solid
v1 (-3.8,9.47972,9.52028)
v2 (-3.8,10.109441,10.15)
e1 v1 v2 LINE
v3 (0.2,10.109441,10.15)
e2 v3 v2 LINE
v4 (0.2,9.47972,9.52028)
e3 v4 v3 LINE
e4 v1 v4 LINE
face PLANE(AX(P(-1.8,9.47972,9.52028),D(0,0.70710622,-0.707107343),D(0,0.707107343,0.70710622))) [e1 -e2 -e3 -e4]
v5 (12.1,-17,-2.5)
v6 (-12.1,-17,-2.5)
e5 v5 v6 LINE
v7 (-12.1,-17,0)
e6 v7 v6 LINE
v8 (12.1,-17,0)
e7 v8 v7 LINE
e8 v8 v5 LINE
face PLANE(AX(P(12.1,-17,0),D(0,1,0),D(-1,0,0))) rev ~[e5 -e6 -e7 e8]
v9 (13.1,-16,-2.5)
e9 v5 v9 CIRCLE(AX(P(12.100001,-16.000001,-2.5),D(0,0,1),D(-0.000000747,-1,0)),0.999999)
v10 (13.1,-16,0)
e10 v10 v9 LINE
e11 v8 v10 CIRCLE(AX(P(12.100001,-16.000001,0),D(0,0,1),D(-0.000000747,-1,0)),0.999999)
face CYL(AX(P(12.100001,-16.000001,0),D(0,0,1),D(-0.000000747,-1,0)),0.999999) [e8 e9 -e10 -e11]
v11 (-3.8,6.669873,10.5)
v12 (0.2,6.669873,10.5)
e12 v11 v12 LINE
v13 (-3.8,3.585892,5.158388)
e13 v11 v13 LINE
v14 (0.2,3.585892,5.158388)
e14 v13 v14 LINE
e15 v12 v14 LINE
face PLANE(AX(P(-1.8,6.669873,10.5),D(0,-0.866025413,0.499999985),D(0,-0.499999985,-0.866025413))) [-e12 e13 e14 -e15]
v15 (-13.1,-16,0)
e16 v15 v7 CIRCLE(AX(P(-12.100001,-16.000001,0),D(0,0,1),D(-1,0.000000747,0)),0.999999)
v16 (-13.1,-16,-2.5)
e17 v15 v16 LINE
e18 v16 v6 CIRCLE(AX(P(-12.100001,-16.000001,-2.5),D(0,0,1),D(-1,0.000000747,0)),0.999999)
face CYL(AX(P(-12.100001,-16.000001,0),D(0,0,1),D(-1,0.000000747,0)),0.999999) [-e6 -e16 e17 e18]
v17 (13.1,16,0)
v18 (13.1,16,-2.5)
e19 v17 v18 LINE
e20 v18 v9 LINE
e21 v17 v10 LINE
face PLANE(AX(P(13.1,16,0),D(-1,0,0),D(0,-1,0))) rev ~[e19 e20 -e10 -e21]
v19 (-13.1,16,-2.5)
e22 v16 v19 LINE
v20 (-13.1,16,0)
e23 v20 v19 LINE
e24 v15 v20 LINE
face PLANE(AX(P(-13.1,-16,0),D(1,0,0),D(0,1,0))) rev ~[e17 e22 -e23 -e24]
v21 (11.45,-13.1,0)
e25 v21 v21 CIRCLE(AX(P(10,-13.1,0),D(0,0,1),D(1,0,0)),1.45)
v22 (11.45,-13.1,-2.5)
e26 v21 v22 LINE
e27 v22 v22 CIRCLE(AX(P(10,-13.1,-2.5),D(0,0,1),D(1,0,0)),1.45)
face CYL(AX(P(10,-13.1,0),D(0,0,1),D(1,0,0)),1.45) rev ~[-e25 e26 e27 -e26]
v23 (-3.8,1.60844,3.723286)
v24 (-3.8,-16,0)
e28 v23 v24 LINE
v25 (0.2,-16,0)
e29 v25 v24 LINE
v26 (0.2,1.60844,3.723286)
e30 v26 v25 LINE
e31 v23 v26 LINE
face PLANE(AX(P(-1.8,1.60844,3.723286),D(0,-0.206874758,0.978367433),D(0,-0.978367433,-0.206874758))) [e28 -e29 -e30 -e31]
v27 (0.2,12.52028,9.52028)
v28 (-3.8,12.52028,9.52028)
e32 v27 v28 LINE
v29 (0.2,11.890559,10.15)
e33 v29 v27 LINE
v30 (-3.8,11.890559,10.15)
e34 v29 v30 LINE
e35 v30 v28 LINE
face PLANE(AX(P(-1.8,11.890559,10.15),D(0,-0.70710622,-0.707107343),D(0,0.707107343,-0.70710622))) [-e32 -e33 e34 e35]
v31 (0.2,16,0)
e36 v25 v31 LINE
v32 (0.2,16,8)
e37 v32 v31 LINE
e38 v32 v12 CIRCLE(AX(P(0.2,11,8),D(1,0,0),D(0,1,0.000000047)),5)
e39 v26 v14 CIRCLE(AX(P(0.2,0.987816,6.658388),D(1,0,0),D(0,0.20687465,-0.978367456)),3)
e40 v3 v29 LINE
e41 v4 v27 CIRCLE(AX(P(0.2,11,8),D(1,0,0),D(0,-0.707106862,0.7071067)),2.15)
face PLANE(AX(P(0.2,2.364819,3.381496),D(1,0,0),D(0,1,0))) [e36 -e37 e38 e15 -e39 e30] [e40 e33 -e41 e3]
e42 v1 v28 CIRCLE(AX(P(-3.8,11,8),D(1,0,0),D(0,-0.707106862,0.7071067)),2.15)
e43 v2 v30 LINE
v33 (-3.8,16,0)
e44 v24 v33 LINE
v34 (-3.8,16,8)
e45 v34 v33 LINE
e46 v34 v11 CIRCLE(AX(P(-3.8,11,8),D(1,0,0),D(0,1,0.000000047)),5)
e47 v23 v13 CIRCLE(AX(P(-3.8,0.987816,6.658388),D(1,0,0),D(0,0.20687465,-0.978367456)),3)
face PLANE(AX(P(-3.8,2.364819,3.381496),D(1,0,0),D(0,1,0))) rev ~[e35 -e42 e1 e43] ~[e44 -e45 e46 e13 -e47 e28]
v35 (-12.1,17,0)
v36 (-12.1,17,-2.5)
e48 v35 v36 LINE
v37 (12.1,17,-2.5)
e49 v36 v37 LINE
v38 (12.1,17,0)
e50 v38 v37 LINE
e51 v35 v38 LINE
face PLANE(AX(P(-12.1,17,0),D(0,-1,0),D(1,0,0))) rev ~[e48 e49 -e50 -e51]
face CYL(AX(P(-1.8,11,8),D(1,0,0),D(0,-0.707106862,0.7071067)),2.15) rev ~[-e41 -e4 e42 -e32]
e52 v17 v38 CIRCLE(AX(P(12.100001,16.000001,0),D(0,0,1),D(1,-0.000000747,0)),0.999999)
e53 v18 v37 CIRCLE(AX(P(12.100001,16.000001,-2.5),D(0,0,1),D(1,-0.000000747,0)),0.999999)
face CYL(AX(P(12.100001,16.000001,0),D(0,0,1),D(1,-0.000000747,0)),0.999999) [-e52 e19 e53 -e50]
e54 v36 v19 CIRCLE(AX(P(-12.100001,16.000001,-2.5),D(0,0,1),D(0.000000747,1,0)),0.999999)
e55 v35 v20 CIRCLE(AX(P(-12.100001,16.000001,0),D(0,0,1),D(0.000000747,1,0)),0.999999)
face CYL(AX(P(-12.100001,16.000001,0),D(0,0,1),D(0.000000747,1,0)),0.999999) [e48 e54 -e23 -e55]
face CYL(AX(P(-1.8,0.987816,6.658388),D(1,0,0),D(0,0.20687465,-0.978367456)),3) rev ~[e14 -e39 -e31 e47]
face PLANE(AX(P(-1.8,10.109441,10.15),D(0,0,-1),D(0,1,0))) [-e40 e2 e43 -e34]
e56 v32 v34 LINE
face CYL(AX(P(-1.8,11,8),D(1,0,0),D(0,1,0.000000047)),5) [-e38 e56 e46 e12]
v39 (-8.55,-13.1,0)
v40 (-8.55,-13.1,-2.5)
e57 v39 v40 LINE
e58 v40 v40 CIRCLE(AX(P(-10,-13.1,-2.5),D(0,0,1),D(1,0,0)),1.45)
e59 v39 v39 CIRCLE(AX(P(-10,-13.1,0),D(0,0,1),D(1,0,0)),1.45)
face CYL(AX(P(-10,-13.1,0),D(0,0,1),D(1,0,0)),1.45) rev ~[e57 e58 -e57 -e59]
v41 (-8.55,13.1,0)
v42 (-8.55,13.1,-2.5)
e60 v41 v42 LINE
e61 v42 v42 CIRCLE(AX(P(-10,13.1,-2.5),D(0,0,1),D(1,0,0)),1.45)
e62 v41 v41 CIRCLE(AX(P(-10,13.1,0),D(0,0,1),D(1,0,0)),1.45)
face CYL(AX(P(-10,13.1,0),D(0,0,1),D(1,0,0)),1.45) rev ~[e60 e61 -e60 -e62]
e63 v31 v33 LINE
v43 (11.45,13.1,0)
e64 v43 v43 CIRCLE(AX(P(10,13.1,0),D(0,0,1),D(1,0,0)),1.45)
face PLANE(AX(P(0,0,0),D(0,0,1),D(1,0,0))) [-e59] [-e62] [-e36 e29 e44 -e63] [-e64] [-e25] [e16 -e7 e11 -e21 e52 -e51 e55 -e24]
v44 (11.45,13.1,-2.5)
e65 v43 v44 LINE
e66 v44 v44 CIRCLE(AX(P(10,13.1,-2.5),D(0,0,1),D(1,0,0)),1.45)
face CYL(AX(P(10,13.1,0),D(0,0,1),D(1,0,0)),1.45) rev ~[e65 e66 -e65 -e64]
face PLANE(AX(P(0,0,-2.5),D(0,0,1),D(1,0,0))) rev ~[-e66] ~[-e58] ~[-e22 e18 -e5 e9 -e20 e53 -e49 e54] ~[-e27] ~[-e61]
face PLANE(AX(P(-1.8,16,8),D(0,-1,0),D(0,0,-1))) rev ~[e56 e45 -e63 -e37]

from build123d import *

# Parameters (mm, degrees)
SKETCH_R     = 1.45
PAD_DEPTH    = 2.5
PAD001_DEPTH = 2


with BuildPart() as part:
    # Sketch → Pad (new body)
    with BuildSketch(Plane.XY):
        with BuildLine():
            ThreePointArc((-12.1, 17), (-12.807107, 16.707107), (-13.1, 16))
            Line((-13.1, -16), (-13.1, 16))
            ThreePointArc((-13.1, -16), (-12.807107, -16.707107), (-12.1, -17))
            Line((12.1, -17), (-12.1, -17))
            ThreePointArc((12.1, -17), (12.807107, -16.707107), (13.1, -16))
            Line((13.1, 16), (13.1, -16))
            ThreePointArc((13.1, 16), (12.807107, 16.707107), (12.1, 17))
            Line((-12.1, 17), (12.1, 17))
        make_face()
        with Locations((10, 13.1)):
            Circle(SKETCH_R, mode=Mode.SUBTRACT)
        with Locations((-10, 13.1)):
            Circle(SKETCH_R, mode=Mode.SUBTRACT)
        with Locations((-10, -13.1)):
            Circle(SKETCH_R, mode=Mode.SUBTRACT)
        with Locations((10, -13.1)):
            Circle(SKETCH_R, mode=Mode.SUBTRACT)
    extrude(amount=-PAD_DEPTH)

    # Sketch001 → Pad001 (join, symmetric)
    with BuildSketch(Plane.YZ.offset(-1.8)):
        with BuildLine():
            ThreePointArc((16, 8), (12.294095, 12.829629), (6.669873, 10.5))
            Line((6.669873, 10.5), (3.585892, 5.158388))
            ThreePointArc((1.60844, 3.723286), (2.749885, 4.230403), (3.585892, 5.158388))
            Line((1.60844, 3.723286), (-16, 0))
            Line((-16, 0), (16, 0))
            Line((16, 8), (16, 0))
        make_face()
        with BuildLine():
            Line((9.47972, 9.52028), (10.109441, 10.15))
            Line((10.109441, 10.15), (11.890559, 10.15))
            Line((11.890559, 10.15), (12.52028, 9.52028))
            ThreePointArc((9.47972, 9.52028), (11, 5.85), (12.52028, 9.52028))
        make_face(mode=Mode.SUBTRACT)
    extrude(amount=PAD001_DEPTH, both=True)


solid = part.part
